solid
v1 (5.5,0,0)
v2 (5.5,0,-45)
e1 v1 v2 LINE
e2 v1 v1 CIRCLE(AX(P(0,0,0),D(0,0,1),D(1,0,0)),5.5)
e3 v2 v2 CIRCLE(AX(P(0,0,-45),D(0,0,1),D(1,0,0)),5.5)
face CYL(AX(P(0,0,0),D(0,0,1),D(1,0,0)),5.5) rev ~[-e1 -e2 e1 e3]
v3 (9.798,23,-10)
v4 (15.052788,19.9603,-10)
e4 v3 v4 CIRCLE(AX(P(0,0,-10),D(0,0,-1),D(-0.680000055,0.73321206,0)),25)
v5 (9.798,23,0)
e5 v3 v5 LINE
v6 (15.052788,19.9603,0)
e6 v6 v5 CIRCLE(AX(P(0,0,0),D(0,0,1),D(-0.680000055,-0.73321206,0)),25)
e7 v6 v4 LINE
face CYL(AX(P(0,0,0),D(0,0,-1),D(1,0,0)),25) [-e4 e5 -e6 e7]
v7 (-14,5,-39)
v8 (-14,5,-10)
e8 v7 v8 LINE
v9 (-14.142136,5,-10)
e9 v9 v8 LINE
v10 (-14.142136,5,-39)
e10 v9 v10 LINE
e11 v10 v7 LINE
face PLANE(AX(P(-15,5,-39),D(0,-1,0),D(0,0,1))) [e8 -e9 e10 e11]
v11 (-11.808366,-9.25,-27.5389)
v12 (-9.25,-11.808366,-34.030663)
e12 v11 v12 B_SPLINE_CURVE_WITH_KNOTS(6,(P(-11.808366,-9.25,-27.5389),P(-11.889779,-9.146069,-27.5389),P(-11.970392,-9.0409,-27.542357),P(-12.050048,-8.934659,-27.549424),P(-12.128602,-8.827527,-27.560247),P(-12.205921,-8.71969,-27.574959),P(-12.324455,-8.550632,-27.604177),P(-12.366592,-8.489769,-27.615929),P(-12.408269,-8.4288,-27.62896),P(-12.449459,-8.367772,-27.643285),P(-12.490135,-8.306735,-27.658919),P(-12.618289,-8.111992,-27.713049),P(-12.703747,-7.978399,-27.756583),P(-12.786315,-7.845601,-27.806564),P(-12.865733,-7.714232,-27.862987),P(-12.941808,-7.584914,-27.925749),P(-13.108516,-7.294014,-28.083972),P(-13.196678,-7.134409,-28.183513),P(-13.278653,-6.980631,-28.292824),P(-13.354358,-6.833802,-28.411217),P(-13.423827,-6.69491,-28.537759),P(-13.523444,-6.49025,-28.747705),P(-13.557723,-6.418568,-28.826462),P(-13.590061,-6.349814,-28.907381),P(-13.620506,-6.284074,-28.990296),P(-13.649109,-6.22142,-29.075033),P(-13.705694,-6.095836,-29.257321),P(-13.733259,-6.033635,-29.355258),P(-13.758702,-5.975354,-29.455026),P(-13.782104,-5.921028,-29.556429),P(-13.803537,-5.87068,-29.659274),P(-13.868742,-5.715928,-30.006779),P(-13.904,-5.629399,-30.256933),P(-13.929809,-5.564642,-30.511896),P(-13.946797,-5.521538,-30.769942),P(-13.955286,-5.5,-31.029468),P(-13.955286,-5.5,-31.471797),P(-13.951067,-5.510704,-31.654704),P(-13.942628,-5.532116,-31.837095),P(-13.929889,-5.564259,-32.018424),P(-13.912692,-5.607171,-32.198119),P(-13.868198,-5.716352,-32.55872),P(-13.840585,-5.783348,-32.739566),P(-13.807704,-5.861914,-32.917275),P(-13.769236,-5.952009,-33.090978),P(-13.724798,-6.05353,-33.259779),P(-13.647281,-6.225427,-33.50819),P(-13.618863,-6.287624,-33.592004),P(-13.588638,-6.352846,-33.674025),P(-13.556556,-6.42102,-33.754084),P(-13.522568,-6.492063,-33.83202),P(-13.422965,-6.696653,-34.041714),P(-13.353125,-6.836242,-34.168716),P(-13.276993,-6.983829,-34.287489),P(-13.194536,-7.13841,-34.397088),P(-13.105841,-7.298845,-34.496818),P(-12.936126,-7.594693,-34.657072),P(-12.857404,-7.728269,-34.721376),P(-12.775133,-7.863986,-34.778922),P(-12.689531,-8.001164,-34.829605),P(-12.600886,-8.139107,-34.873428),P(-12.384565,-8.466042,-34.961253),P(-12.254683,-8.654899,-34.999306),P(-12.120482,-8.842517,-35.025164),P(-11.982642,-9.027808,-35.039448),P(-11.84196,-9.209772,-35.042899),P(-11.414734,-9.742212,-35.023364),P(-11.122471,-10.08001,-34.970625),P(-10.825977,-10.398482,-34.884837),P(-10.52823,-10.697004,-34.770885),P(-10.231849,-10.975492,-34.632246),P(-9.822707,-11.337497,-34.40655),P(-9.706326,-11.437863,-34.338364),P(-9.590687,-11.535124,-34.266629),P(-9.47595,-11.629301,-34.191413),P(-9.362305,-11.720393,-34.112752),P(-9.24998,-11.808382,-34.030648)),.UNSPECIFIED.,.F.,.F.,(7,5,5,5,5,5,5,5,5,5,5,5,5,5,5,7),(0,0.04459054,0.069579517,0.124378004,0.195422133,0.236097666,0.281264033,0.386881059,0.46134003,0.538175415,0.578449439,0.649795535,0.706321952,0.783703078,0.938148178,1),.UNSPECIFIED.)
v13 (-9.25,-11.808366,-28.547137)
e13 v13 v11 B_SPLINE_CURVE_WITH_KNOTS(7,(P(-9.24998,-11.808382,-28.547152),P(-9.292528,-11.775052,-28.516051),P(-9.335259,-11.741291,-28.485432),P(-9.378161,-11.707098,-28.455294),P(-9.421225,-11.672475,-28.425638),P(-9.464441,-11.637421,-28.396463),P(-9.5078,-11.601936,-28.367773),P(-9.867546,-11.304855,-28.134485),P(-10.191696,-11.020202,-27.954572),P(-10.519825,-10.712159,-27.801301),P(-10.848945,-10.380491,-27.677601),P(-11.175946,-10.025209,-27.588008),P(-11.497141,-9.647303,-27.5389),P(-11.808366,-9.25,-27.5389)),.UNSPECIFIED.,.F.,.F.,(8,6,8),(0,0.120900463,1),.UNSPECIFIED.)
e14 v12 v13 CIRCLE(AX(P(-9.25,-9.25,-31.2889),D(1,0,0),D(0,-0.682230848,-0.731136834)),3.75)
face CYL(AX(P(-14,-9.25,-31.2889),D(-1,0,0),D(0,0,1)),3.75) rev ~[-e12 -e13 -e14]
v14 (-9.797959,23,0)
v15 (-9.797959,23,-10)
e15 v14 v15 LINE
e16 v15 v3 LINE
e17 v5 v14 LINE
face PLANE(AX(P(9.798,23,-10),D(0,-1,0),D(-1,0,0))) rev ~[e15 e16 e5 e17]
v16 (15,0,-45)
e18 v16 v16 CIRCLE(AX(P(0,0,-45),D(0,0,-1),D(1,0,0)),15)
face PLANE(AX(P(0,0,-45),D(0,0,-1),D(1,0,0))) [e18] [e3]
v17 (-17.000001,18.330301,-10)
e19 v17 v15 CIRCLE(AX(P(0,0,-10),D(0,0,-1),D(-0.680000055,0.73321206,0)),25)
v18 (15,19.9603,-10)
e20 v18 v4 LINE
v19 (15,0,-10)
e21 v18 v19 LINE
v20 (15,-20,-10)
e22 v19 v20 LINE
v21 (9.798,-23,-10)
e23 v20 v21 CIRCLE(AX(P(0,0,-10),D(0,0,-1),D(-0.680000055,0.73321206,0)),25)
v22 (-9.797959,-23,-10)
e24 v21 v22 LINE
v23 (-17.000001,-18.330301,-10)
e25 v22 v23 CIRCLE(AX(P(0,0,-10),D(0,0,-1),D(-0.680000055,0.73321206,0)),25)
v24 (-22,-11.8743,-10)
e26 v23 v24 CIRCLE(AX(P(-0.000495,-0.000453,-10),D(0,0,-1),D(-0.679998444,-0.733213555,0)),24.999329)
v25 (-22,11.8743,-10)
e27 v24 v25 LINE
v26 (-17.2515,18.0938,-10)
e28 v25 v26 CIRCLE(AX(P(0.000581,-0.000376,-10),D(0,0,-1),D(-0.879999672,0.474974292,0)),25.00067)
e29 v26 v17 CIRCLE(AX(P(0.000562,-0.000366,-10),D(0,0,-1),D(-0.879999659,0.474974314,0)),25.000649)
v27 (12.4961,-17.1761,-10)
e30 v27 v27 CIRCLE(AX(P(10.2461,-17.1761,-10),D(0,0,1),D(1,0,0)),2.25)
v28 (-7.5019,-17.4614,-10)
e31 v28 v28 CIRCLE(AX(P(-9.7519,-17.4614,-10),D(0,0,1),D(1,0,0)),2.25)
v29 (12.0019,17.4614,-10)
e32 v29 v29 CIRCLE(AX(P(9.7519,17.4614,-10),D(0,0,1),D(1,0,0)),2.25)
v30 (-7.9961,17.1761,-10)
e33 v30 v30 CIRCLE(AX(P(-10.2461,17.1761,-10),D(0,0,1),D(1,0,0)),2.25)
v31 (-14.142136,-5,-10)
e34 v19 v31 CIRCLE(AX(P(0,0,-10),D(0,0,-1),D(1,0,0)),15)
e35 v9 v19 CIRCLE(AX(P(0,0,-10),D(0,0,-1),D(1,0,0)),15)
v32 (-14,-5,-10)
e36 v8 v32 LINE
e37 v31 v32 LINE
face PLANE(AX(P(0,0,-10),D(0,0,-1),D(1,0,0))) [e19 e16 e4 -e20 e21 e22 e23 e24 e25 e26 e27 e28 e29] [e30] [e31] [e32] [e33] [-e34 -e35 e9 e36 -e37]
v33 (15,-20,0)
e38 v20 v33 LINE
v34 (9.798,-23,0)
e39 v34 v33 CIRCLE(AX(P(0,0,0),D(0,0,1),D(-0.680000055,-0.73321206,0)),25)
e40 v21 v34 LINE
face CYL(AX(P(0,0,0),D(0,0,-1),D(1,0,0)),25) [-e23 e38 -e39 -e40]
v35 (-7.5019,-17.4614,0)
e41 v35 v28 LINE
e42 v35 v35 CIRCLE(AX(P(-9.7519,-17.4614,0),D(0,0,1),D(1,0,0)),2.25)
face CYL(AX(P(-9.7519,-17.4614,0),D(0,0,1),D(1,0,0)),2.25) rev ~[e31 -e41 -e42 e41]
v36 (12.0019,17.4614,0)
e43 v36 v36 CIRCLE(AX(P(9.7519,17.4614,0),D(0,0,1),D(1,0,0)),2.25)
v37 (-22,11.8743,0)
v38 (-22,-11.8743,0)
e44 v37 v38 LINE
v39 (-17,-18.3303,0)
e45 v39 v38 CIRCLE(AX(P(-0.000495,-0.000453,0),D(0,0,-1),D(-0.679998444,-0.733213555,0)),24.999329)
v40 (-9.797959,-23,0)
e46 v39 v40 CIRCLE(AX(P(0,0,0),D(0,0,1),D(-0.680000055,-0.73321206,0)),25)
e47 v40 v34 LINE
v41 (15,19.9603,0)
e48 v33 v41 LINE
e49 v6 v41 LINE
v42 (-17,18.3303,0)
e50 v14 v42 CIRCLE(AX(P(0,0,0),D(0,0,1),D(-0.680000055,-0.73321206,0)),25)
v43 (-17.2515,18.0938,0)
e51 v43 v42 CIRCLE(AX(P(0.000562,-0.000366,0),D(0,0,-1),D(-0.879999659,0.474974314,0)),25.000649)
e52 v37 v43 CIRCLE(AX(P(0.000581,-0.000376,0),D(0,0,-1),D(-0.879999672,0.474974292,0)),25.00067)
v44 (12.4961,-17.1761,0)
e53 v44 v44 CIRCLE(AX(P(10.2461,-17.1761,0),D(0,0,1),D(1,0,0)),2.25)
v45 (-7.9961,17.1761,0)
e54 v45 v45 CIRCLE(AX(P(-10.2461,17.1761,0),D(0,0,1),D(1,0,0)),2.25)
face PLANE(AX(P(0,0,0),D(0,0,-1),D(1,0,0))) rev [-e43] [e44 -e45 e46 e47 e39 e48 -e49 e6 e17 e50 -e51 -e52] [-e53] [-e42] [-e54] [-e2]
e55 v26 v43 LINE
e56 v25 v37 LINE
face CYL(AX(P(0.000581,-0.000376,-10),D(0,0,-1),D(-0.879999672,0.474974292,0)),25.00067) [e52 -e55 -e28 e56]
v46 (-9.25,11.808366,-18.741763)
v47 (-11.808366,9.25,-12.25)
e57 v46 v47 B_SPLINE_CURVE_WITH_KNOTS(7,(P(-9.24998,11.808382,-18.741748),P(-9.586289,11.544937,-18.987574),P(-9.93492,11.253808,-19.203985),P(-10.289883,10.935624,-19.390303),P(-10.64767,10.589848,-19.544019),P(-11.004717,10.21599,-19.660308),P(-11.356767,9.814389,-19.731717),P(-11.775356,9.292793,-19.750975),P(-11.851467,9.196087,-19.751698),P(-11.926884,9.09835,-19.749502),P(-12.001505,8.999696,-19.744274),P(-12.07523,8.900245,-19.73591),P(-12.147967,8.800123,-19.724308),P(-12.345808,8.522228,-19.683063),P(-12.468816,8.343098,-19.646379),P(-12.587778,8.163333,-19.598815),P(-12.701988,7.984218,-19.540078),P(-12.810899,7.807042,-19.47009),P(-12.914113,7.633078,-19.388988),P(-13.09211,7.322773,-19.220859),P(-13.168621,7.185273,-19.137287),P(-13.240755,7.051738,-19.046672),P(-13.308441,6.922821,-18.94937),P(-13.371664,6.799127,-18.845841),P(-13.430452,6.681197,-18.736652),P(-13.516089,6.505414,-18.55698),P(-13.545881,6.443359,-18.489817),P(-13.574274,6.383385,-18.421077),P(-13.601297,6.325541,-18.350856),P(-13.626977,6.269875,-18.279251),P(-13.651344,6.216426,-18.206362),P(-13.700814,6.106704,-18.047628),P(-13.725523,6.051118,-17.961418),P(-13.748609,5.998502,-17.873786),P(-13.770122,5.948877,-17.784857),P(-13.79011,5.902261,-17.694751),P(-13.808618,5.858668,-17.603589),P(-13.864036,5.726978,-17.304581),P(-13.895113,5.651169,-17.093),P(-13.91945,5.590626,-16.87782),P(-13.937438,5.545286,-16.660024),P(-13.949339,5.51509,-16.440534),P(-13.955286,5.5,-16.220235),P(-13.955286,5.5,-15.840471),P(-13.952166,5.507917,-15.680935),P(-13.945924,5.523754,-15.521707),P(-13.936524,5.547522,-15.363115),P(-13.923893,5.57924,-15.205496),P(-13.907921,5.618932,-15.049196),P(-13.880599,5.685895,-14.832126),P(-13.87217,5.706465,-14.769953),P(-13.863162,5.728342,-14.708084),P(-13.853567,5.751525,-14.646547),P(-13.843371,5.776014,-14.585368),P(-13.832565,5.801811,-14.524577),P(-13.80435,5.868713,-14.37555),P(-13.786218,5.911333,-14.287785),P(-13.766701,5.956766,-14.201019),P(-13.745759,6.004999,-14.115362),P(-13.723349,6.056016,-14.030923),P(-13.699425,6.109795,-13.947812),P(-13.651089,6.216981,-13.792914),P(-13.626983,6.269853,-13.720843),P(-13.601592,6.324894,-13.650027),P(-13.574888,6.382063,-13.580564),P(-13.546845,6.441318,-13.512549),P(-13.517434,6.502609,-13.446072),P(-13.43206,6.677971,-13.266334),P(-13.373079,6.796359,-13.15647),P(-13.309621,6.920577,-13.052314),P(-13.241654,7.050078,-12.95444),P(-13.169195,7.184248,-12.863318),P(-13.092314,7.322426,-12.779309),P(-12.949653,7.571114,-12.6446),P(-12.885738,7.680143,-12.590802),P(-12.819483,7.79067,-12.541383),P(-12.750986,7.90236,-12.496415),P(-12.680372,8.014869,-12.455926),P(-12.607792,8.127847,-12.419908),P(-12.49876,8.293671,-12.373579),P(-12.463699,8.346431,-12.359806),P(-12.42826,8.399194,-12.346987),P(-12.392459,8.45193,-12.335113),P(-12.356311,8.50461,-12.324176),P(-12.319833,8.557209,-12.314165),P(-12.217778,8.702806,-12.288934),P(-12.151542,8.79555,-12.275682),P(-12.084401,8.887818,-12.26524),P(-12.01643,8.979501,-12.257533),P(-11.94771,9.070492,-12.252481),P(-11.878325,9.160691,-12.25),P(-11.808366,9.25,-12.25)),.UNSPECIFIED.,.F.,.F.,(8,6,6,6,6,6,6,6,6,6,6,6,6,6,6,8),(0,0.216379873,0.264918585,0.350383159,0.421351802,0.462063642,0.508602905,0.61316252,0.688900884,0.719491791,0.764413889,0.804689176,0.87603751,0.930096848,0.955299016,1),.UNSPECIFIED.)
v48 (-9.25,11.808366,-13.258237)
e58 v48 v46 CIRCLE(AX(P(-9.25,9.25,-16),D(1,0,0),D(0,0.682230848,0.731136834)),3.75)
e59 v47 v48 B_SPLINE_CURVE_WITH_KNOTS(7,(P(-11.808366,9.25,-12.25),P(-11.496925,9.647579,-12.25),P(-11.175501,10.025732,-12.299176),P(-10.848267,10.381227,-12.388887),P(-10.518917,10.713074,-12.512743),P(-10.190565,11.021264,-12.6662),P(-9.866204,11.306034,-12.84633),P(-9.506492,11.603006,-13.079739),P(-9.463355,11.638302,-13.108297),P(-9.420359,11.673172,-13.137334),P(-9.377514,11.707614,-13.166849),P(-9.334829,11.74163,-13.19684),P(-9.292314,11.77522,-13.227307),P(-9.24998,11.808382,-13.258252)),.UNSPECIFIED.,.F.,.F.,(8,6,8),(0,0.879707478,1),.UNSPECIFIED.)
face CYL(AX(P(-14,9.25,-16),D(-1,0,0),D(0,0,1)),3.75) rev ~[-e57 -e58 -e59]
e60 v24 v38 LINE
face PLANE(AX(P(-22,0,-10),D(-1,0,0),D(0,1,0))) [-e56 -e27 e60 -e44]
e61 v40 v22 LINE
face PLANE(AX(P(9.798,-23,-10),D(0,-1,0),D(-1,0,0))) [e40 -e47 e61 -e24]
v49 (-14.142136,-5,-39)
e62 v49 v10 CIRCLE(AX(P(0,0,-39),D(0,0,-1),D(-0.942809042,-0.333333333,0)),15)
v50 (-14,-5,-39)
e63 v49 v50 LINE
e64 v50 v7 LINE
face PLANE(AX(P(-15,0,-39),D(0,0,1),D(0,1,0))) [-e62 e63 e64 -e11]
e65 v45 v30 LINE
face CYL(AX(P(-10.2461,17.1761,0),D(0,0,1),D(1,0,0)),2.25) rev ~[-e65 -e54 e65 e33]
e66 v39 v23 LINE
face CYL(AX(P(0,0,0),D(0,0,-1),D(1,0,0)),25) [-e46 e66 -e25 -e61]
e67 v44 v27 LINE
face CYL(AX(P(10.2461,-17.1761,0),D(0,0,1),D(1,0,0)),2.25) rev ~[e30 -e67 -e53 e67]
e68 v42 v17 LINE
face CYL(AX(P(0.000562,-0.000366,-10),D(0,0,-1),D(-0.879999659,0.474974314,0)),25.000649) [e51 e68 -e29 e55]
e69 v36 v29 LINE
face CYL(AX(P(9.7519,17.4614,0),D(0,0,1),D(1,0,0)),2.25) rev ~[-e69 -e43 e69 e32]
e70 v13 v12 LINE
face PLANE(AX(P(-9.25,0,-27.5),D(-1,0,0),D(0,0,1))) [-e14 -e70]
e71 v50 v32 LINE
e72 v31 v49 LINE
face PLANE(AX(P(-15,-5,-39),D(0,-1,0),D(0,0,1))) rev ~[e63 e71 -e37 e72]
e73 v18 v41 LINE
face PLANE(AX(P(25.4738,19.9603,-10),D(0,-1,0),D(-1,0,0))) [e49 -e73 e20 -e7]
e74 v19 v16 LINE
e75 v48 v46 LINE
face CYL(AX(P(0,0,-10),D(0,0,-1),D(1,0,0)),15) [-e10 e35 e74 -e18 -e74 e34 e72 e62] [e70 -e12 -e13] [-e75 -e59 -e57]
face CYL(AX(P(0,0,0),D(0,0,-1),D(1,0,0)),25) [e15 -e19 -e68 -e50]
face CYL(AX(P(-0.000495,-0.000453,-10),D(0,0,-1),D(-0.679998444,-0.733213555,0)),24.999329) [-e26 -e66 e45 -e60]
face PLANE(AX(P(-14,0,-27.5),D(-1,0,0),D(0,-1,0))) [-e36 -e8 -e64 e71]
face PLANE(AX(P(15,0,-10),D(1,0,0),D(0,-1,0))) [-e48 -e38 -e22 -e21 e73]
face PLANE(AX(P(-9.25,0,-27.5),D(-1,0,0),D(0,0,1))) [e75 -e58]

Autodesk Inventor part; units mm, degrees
ref_plane "YZ Plane" through (0, 0, 0) normal (1, 0, 0) x (0, 1, 0)
ref_plane "XZ Plane" through (0, 0, 0) normal (0, 1, 0) x (-1, 0, 0)
sketch "Sketch1" plane through (0, 0, 0) normal (0, 1, 0) x (-1, 0, 0)
  line L0 (0, 0) -> (-25, 0)
  line L1 (-25, 0) -> (-25, -10)
  line L2 (-25, -10) -> (-15, -10)
  line L3 (-15, -10) -> (-15, -45)
  line L4 (-15, -45) -> (0, -45)
  line L5 (0, 0) -> (0, -45)
  dimension "d3" = 25
  dimension "d4" = 10
  dimension "d5" = 10
  dimension "d6" = 35
  dimension "d7" = 15
revolve "Revolution1" add sketch "Sketch1" angle 360 about axis through (0, 0, 0) along (0, 0, -1)
sketch "Sketch2" plane through (0, 0, 0) normal (0, 0, 1) x (1, 0, 0)
  line L0 (0, 0) -> (30.242, 0) construction
  line L1 (0, 0.5707) -> (22.435, 0.5707) construction
  circle A0 centre (9.7519, 17.4614) radius 2.25
  circle A1 centre (19.998, 0.2854) radius 2.25
  circle A2 centre (10.2461, -17.1761) radius 2.25
  circle A3 centre (-9.7519, -17.4614) radius 2.25
  circle A4 centre (-19.998, -0.2854) radius 2.25
  circle A5 centre (-10.2461, 17.1761) radius 2.25
  dimension "d12" = 4.5
  dimension "d15" = 360
extrude "Extrusion1" cut sketch "Sketch2" against normal through all
sketch "Sketch3" plane through (0, 0, 0) normal (0, 0, 1) x (1, 0, 0)
  circle A0 centre (0, 0) radius 5.5
  dimension "d19" = 11
extrude "Extrusion2" cut sketch "Sketch3" against normal through all
thread "Thread1" size "1/2-13 UNC" class "2B" standard "ANSI Unified Screw Threads" full length
sketch "Sketch4" plane through (0, 0, 0) normal (0, 0, 1) x (1, 0, 0)
  circle A0 centre (0, 0) radius 25 projected
  line L0 (-17, 0) -> (-17, 18.3303)
  line L1 (-17, 0) -> (-17, -18.3303)
extrude "Extrusion3" cut sketch "Sketch4" against normal blind 15 contours L0 L1 A0 picked at (-18.2676, -10.7318)
ref_plane "Work Plane1" through (-15, 0, -27.5) normal (-1, 0, 0) x (0, -1, 0)
sketch "Sketch5" plane through (-15, 0, -27.5) normal (-1, 0, 0) x (0, -1, 0)
  line L0 (1.9646, 17.5) -> (-2.5354, 17.5) projected
  line L1 (15, -17.5) -> (-15, -17.5) projected
  line L2 (0, -11.5) -> (-5, -11.5)
  line L3 (-5.5, 27.5) -> (-5.5, -17.5) projected
  line L4 (-5, -11.5) -> (-5, 17.5)
  line L5 (15, 17.5) -> (-15, 17.5) projected
  line L6 (0, -11.5) -> (5, -11.5)
  line L7 (5, -11.5) -> (5, 17.5)
  line L8 (5, 17.5) -> (-5, 17.5)
  point P0 (0, 27.5)
extrude "Extrusion4" cut sketch "Sketch5" against normal blind 1
sketch "Sketch9" plane through (0, 0, -10) normal (0, 0, -1) x (-1, 0, 0)
  line L0 (14, 5) -> (14, -5) projected
  line L1 (14, 0) -> (22, 0)
  line L2 (22, 0) -> (22, -11.8743)
  line L3 (22, -11.8743) -> (22, 11.8743)
  arc A0 (22, 11.8743) -> (17.2515, 18.0938) centre (0, 0) ccw
  line L4 (17, -18.3303) -> (17, 18.3303) projected
  line L5 (17, 18.3303) -> (17, -18.3303)
  line L6 (17, 18.3303) -> (17, -18.3303) projected
  arc A1 (17, -18.3303) -> (22, -11.8743) centre (0, 0) ccw
  arc A2 (22, 11.8743) -> (17, 18.3303) centre (0, 0) ccw
  arc A3 (14.1421, 5) -> (14.1421, -5) centre (0, 0) ccw projected
  dimension "d59" = 8
extrude "Extrusion5" add sketch "Sketch9" against normal blind 10
sketch "Sketch20" plane through (-14, 0, -27.5) normal (-1, 0, 0) x (0, 0, 1)
  line L0 (17.5, -11.8743) -> (17.5, 11.8743) projected
  circle A0 centre (11.5, 9.25) radius 3.75
  line L1 (-17.5, -15) -> (-17.5, 15) projected
  line L2 (11.5, 9.25) -> (-3.7889, -9.25)
  circle A1 centre (-3.7889, -9.25) radius 3.75
  point P0 (27.5, 0)
  dimension "d85" = 7.5
  dimension "d87" = 24
  dimension "d88" = 7.5
extrude "Extrusion8" cut sketch "Sketch20" against normal blind 4.75
sketch "Sketch21" plane through (-22, -11.8743, -10) normal (0, 0, -1) x (-1, 0, 0)
  point P0 (-22, 11.8743)
sketch "Sketch22" plane through (-22, -11.8743, -10) normal (0, 0, -1) x (-1, 0, 0)
  point P0 (-22, 11.8743)
sketch "Sketch23" plane through (-22, -11.8743, -10) normal (0, 0, -1) x (-1, 0, 0)
  arc A0 (-7.8579, 16.8743) -> (-7.8579, 6.8743) centre (-22, 11.8743) ccw projected
  arc A1 (0, 23.7487) -> (0, 0) centre (-22, 11.8743) ccw projected
  line L0 (-37, -8.1257) -> (-47.4738, -8.1257)
  line L1 (-47.4738, -8.1257) -> (-47.4738, 31.8346)
  line L2 (-47.4738, 31.8346) -> (-37, 31.8346)
  line L3 (-37, 31.8346) -> (-37, -8.1257)
  line L4 (-22, -13.1257) -> (-22, -11.1257) construction
  line L5 (-31.798, -11.1257) -> (-12.0273, -11.1257)
  line L6 (-12.0273, -11.1257) -> (-12.0273, -17.6927)
  line L7 (-12.0273, -17.6927) -> (-31.798, -17.6927)
  line L8 (-31.798, -17.6927) -> (-31.798, -11.1257)
  line L9 (-22, 11.8743) -> (-7, 11.8743) construction
  line L10 (-31.798, 34.8743) -> (-12.0273, 34.8743)
  line L11 (-12.0273, 34.8743) -> (-12.0273, 41.4414)
  line L12 (-12.0273, 41.4414) -> (-31.798, 41.4414)
  line L13 (-31.798, 41.4414) -> (-31.798, 34.8743)
  dimension "d91" = 2
extrude "Extrusion9" cut sketch "Sketch23" against normal blind 10
properties part number "nut"
